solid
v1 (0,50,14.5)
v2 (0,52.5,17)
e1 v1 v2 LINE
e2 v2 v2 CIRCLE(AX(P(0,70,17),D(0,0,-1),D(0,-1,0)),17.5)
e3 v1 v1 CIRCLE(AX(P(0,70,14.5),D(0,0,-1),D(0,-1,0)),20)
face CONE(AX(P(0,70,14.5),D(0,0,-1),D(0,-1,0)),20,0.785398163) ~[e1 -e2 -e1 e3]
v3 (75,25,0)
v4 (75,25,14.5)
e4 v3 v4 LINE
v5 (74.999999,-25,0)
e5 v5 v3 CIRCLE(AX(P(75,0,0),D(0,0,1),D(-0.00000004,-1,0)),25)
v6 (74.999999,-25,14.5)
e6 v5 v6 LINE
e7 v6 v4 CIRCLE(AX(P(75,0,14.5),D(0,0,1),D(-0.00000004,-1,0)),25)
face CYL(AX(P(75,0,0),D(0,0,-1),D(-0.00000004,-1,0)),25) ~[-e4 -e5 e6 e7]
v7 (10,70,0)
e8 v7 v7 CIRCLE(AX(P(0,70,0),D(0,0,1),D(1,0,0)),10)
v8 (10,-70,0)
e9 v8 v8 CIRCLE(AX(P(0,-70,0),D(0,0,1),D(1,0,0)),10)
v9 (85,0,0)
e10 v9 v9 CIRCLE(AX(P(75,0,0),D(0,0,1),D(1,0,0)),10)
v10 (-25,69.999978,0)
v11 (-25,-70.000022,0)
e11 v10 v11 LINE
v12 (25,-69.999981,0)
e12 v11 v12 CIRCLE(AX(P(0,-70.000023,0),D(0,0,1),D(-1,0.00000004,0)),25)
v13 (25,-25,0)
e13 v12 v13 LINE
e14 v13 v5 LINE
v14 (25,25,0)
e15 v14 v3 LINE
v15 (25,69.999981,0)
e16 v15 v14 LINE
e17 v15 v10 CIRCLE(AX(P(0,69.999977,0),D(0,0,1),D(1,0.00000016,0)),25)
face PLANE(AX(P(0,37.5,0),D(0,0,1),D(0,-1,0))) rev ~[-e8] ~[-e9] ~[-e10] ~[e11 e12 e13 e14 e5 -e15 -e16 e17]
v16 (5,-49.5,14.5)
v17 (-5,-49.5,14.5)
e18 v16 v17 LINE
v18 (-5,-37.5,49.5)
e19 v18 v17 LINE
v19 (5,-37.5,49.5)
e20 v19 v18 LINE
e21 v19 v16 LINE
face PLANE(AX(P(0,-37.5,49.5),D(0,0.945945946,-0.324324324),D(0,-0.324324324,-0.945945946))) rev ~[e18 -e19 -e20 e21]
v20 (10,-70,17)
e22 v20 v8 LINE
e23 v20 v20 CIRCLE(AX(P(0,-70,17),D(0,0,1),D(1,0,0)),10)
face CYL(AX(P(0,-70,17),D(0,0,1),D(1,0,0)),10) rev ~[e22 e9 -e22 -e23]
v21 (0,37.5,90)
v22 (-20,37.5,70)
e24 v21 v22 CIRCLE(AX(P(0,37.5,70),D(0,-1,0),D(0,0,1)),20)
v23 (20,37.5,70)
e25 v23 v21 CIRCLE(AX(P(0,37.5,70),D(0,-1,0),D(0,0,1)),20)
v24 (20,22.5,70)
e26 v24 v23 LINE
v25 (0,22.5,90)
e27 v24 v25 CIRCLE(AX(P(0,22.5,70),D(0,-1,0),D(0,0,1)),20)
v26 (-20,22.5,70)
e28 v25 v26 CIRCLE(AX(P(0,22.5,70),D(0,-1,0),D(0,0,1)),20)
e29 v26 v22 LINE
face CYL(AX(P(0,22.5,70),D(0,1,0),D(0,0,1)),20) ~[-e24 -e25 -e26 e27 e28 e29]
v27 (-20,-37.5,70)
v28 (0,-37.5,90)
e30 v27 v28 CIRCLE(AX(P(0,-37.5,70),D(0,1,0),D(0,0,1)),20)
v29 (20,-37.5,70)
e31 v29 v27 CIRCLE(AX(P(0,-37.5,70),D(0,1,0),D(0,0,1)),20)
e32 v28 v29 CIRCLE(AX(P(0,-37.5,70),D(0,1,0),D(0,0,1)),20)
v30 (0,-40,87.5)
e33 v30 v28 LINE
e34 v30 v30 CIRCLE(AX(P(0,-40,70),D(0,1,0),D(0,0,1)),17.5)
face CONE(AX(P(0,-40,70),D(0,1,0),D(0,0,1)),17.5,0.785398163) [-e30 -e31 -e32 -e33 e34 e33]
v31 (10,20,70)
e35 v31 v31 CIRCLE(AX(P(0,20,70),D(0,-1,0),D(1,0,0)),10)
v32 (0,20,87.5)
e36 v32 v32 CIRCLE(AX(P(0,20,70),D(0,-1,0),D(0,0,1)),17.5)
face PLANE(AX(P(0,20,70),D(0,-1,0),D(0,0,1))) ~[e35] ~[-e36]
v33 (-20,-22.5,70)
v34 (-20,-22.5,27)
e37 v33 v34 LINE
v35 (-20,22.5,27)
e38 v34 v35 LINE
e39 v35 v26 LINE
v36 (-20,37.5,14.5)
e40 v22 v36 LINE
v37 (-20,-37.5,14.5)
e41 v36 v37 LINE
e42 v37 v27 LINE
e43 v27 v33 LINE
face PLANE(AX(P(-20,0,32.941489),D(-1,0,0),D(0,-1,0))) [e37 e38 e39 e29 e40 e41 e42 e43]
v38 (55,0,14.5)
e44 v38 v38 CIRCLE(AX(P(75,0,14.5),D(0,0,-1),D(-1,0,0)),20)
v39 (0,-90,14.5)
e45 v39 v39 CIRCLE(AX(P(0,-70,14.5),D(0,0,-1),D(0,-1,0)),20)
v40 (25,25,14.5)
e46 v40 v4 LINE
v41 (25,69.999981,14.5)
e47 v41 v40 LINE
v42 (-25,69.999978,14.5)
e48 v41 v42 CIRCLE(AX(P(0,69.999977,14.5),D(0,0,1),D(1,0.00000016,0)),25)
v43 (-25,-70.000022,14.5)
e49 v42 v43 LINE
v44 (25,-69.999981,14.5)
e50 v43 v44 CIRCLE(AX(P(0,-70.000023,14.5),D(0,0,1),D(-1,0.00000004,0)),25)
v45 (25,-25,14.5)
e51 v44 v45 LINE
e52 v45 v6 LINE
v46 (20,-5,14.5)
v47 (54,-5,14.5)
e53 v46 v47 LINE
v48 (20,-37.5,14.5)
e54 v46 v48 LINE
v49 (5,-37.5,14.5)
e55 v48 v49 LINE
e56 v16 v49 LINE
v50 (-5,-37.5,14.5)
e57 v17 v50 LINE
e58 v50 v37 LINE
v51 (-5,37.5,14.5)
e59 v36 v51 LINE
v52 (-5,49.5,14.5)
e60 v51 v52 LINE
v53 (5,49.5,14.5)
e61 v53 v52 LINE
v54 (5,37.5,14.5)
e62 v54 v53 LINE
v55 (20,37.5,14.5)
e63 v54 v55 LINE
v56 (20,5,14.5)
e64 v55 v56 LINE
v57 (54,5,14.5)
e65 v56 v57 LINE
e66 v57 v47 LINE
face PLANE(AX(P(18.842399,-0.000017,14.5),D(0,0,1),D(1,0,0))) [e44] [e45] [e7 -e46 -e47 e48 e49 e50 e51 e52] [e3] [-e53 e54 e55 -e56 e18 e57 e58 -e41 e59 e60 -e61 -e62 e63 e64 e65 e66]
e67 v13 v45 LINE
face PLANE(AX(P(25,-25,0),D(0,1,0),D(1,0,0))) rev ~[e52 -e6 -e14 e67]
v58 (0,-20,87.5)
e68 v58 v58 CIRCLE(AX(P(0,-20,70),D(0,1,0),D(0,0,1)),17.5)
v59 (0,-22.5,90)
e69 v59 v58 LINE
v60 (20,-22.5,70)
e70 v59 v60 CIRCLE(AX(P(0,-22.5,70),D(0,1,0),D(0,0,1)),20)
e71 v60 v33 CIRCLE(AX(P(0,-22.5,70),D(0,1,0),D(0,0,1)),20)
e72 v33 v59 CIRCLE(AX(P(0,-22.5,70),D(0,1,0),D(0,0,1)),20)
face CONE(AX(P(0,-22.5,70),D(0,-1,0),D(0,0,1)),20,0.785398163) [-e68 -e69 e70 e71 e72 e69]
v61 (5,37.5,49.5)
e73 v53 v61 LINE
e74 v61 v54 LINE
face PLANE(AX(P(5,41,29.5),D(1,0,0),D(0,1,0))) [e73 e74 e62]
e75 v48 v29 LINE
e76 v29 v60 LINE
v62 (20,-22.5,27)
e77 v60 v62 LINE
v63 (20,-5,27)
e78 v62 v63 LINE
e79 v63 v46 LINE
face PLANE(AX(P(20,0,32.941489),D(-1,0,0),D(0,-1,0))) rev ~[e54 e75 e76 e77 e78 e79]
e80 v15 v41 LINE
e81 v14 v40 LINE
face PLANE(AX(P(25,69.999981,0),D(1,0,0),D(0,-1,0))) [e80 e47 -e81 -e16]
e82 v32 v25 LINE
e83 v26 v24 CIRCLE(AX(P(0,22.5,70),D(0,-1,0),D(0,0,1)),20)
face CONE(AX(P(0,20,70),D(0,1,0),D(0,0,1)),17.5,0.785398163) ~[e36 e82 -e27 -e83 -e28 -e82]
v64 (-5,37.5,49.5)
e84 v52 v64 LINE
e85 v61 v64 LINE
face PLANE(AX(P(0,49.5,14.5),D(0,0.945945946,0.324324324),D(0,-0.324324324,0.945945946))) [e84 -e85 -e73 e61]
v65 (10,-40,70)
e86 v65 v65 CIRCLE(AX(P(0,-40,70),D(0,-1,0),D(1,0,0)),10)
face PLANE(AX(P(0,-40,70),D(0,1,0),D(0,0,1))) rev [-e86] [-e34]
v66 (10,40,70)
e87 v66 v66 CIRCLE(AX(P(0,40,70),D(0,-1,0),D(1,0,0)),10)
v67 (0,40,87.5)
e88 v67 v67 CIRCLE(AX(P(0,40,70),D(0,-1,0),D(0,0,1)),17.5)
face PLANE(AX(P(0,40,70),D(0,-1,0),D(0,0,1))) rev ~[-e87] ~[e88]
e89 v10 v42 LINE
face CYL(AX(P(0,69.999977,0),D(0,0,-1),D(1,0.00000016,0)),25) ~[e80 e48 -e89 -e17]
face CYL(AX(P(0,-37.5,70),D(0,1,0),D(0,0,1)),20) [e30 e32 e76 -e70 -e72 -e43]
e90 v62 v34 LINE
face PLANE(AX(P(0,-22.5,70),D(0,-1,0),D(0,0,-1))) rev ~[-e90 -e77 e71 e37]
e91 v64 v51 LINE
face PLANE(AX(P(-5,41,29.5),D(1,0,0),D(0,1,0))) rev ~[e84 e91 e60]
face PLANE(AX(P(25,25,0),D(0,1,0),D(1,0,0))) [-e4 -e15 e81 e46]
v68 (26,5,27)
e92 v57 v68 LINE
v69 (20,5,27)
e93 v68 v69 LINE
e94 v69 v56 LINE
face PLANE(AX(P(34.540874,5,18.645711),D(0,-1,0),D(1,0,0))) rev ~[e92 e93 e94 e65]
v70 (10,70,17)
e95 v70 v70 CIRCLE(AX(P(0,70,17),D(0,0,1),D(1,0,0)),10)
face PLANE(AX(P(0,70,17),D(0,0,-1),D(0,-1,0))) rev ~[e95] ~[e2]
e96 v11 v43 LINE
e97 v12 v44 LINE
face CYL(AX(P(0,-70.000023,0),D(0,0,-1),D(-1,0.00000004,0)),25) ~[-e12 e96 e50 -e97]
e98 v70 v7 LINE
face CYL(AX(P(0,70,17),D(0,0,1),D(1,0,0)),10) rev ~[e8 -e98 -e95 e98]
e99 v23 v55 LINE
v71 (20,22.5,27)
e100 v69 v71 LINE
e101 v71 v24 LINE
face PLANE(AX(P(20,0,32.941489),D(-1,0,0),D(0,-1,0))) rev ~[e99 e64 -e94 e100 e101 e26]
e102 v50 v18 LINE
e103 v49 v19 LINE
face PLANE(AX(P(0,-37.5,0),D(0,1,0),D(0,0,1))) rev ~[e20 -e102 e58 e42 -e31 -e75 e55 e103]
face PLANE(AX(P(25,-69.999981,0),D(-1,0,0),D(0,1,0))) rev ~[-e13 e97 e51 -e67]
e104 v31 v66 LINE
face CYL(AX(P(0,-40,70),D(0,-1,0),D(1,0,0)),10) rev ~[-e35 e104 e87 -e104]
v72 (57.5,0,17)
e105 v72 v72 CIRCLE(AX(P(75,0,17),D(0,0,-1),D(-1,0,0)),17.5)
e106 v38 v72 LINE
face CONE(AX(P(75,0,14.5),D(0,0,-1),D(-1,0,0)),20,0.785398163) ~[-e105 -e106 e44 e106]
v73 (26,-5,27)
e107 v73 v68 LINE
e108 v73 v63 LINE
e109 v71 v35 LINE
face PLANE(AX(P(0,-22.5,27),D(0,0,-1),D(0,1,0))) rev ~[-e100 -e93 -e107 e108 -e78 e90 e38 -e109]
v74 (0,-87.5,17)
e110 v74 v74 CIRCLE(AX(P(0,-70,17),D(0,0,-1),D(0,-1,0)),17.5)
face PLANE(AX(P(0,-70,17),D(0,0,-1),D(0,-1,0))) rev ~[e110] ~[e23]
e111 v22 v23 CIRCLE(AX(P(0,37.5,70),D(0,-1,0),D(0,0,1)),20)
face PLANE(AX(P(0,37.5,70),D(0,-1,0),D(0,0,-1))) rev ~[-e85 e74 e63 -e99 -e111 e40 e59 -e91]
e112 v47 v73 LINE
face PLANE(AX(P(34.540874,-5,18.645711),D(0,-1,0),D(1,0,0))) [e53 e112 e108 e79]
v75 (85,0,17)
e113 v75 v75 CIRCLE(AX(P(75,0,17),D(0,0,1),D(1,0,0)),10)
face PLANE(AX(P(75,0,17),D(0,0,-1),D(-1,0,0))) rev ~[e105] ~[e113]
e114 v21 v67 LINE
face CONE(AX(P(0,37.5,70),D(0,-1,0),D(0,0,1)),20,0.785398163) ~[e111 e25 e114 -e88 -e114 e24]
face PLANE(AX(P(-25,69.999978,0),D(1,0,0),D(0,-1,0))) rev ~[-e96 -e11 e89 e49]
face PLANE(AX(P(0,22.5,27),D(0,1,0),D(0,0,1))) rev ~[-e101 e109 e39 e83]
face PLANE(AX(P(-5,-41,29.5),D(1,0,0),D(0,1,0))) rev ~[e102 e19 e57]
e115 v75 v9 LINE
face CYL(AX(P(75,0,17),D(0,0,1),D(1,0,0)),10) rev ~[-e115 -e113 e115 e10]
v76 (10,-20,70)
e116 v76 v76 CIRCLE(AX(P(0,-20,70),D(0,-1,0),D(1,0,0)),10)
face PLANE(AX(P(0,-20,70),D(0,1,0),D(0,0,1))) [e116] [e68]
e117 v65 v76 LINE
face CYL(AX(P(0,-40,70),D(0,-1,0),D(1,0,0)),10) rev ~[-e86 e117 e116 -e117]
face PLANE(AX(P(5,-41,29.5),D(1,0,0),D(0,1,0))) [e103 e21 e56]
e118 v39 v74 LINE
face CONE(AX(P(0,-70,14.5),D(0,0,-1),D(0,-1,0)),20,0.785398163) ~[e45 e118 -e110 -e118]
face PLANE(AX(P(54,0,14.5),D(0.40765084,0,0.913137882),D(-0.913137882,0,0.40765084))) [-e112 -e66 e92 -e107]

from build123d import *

# Parameters (mm, degrees)
PAD001_DEPTH    = 20
PAD002_DEPTH    = 5
PAD003_DEPTH    = 5
PAD_DEPTH       = 14.5
SKETCH009_R     = 10
POCKET_DEPTH    = 135.000977
SKETCH010_R     = 10
POCKET001_DEPTH = 17.001


with BuildPart() as revolution002:
    # Sketch006 → Revolution002 (revolve)
    with BuildSketch(Plane.YZ):
        Polygon((-70, 14.5), (-90, 14.5), (-87.5, 17), (-70, 17), align=None)
    revolve(axis=Axis((0, -70, 14.5), (0, 0, -1)))


with BuildPart() as revolution003:
    # Sketch007 → Revolution003 (revolve)
    with BuildSketch(Plane.YZ):
        Polygon((70, 14.5), (50, 14.5), (52.5, 17), (70, 17), align=None)
    revolve(axis=Axis((0, 70, 14.5), (0, 0, -1)))


with BuildPart() as revolution004:
    # Sketch008 → Revolution004 (revolve)
    with BuildSketch(Plane.XZ):
        Polygon((75, 14.5), (55, 14.5), (57.5, 17), (75, 17), align=None)
    revolve(axis=Axis((75, 0, 14.5), (0, 0, -1)))


with BuildPart() as pad001:
    # Sketch001 → Pad001 (new body, symmetric)
    with BuildSketch(Plane.YZ):
        Polygon((-37.5, 0), (-37.5, 70), (-22.5, 70), (-22.5, 27), (22.5, 27), (22.5, 70), (37.5, 70), (37.5, 0), align=None)
    extrude(amount=PAD001_DEPTH, both=True)


with BuildPart() as pad002:
    # Sketch002 → Pad002 (new body, symmetric)
    with BuildSketch(Plane.YZ):
        Polygon((-49.5, 14.5), (-37.5, 14.5), (-37.5, 49.5), align=None)
        Polygon((37.5, 49.5), (37.5, 14.5), (49.5, 14.5), align=None)
    extrude(amount=PAD002_DEPTH, both=True)


with BuildPart() as pad003:
    # Sketch003 → Pad003 (new body, symmetric)
    with BuildSketch(Plane.XZ):
        Polygon((20, 27), (20, 14.5), (54, 14.5), (26, 27), align=None)
    extrude(amount=PAD003_DEPTH, both=True)


with BuildPart() as revolution:
    # Sketch004 → Revolution (revolve)
    with BuildSketch(Plane.YZ):
        Polygon((-40, 87.5), (-37.5, 90), (-22.5, 90), (-20, 87.5), (-20, 70), (-40, 70), align=None)
    revolve(axis=Axis((0, -20, 70), (0, 1, 0)))


with BuildPart() as revolution001:
    # Sketch005 → Revolution001 (revolve)
    with BuildSketch(Plane.YZ):
        Polygon((20, 87.5), (22.5, 90), (37.5, 90), (40, 87.5), (40, 70), (20, 70), align=None)
    revolve(axis=Axis((0, 20, 70), (0, -1, 0)))


with BuildPart() as pocket001:
    # Sketch → Pad (new body)
    with BuildSketch(Plane.XY):
        with BuildLine():
            Line((-25, 69.999978), (-25, -70.000022))
            ThreePointArc((-25, -70.000022), (2e-05, -95.000023), (25, -69.999981))
            Line((25, -69.999981), (25, -25))
            Line((25, -25), (74.999999, -25))
            ThreePointArc((74.999999, -25), (100, 0), (75, 25))
            Line((25, 25), (75, 25))
            Line((25, 69.999981), (25, 25))
            ThreePointArc((25, 69.999981), (-2e-06, 94.999977), (-25, 69.999978))
        make_face()
    extrude(amount=PAD_DEPTH)

    # Fusion: union Revolution002, Revolution003, Revolution004, Pad001, Pad002, Pad003, Revolution, Revolution001
    add(revolution002.part)
    add(revolution003.part)
    add(revolution004.part)
    add(pad001.part)
    add(pad002.part)
    add(pad003.part)
    add(revolution.part)
    add(revolution001.part)

    # Sketch009 (on Face42 of Fusion) → Pocket (cut, through all)
    with BuildSketch(Plane.XZ.offset(40)):
        with Locations((0, 70)):
            Circle(SKETCH009_R)
    extrude(amount=-POCKET_DEPTH, mode=Mode.SUBTRACT)

    # Sketch010 (on Face42 of Pocket) → Pocket001 (cut, through all)
    with BuildSketch(Plane.XY.offset(17)):
        with Locations((0, -70)):
            Circle(SKETCH010_R)
        with Locations((75, 0)):
            Circle(SKETCH010_R)
        with Locations((0, 70)):
            Circle(SKETCH010_R)
    extrude(amount=-POCKET001_DEPTH, mode=Mode.SUBTRACT)


solid = pocket001.part
